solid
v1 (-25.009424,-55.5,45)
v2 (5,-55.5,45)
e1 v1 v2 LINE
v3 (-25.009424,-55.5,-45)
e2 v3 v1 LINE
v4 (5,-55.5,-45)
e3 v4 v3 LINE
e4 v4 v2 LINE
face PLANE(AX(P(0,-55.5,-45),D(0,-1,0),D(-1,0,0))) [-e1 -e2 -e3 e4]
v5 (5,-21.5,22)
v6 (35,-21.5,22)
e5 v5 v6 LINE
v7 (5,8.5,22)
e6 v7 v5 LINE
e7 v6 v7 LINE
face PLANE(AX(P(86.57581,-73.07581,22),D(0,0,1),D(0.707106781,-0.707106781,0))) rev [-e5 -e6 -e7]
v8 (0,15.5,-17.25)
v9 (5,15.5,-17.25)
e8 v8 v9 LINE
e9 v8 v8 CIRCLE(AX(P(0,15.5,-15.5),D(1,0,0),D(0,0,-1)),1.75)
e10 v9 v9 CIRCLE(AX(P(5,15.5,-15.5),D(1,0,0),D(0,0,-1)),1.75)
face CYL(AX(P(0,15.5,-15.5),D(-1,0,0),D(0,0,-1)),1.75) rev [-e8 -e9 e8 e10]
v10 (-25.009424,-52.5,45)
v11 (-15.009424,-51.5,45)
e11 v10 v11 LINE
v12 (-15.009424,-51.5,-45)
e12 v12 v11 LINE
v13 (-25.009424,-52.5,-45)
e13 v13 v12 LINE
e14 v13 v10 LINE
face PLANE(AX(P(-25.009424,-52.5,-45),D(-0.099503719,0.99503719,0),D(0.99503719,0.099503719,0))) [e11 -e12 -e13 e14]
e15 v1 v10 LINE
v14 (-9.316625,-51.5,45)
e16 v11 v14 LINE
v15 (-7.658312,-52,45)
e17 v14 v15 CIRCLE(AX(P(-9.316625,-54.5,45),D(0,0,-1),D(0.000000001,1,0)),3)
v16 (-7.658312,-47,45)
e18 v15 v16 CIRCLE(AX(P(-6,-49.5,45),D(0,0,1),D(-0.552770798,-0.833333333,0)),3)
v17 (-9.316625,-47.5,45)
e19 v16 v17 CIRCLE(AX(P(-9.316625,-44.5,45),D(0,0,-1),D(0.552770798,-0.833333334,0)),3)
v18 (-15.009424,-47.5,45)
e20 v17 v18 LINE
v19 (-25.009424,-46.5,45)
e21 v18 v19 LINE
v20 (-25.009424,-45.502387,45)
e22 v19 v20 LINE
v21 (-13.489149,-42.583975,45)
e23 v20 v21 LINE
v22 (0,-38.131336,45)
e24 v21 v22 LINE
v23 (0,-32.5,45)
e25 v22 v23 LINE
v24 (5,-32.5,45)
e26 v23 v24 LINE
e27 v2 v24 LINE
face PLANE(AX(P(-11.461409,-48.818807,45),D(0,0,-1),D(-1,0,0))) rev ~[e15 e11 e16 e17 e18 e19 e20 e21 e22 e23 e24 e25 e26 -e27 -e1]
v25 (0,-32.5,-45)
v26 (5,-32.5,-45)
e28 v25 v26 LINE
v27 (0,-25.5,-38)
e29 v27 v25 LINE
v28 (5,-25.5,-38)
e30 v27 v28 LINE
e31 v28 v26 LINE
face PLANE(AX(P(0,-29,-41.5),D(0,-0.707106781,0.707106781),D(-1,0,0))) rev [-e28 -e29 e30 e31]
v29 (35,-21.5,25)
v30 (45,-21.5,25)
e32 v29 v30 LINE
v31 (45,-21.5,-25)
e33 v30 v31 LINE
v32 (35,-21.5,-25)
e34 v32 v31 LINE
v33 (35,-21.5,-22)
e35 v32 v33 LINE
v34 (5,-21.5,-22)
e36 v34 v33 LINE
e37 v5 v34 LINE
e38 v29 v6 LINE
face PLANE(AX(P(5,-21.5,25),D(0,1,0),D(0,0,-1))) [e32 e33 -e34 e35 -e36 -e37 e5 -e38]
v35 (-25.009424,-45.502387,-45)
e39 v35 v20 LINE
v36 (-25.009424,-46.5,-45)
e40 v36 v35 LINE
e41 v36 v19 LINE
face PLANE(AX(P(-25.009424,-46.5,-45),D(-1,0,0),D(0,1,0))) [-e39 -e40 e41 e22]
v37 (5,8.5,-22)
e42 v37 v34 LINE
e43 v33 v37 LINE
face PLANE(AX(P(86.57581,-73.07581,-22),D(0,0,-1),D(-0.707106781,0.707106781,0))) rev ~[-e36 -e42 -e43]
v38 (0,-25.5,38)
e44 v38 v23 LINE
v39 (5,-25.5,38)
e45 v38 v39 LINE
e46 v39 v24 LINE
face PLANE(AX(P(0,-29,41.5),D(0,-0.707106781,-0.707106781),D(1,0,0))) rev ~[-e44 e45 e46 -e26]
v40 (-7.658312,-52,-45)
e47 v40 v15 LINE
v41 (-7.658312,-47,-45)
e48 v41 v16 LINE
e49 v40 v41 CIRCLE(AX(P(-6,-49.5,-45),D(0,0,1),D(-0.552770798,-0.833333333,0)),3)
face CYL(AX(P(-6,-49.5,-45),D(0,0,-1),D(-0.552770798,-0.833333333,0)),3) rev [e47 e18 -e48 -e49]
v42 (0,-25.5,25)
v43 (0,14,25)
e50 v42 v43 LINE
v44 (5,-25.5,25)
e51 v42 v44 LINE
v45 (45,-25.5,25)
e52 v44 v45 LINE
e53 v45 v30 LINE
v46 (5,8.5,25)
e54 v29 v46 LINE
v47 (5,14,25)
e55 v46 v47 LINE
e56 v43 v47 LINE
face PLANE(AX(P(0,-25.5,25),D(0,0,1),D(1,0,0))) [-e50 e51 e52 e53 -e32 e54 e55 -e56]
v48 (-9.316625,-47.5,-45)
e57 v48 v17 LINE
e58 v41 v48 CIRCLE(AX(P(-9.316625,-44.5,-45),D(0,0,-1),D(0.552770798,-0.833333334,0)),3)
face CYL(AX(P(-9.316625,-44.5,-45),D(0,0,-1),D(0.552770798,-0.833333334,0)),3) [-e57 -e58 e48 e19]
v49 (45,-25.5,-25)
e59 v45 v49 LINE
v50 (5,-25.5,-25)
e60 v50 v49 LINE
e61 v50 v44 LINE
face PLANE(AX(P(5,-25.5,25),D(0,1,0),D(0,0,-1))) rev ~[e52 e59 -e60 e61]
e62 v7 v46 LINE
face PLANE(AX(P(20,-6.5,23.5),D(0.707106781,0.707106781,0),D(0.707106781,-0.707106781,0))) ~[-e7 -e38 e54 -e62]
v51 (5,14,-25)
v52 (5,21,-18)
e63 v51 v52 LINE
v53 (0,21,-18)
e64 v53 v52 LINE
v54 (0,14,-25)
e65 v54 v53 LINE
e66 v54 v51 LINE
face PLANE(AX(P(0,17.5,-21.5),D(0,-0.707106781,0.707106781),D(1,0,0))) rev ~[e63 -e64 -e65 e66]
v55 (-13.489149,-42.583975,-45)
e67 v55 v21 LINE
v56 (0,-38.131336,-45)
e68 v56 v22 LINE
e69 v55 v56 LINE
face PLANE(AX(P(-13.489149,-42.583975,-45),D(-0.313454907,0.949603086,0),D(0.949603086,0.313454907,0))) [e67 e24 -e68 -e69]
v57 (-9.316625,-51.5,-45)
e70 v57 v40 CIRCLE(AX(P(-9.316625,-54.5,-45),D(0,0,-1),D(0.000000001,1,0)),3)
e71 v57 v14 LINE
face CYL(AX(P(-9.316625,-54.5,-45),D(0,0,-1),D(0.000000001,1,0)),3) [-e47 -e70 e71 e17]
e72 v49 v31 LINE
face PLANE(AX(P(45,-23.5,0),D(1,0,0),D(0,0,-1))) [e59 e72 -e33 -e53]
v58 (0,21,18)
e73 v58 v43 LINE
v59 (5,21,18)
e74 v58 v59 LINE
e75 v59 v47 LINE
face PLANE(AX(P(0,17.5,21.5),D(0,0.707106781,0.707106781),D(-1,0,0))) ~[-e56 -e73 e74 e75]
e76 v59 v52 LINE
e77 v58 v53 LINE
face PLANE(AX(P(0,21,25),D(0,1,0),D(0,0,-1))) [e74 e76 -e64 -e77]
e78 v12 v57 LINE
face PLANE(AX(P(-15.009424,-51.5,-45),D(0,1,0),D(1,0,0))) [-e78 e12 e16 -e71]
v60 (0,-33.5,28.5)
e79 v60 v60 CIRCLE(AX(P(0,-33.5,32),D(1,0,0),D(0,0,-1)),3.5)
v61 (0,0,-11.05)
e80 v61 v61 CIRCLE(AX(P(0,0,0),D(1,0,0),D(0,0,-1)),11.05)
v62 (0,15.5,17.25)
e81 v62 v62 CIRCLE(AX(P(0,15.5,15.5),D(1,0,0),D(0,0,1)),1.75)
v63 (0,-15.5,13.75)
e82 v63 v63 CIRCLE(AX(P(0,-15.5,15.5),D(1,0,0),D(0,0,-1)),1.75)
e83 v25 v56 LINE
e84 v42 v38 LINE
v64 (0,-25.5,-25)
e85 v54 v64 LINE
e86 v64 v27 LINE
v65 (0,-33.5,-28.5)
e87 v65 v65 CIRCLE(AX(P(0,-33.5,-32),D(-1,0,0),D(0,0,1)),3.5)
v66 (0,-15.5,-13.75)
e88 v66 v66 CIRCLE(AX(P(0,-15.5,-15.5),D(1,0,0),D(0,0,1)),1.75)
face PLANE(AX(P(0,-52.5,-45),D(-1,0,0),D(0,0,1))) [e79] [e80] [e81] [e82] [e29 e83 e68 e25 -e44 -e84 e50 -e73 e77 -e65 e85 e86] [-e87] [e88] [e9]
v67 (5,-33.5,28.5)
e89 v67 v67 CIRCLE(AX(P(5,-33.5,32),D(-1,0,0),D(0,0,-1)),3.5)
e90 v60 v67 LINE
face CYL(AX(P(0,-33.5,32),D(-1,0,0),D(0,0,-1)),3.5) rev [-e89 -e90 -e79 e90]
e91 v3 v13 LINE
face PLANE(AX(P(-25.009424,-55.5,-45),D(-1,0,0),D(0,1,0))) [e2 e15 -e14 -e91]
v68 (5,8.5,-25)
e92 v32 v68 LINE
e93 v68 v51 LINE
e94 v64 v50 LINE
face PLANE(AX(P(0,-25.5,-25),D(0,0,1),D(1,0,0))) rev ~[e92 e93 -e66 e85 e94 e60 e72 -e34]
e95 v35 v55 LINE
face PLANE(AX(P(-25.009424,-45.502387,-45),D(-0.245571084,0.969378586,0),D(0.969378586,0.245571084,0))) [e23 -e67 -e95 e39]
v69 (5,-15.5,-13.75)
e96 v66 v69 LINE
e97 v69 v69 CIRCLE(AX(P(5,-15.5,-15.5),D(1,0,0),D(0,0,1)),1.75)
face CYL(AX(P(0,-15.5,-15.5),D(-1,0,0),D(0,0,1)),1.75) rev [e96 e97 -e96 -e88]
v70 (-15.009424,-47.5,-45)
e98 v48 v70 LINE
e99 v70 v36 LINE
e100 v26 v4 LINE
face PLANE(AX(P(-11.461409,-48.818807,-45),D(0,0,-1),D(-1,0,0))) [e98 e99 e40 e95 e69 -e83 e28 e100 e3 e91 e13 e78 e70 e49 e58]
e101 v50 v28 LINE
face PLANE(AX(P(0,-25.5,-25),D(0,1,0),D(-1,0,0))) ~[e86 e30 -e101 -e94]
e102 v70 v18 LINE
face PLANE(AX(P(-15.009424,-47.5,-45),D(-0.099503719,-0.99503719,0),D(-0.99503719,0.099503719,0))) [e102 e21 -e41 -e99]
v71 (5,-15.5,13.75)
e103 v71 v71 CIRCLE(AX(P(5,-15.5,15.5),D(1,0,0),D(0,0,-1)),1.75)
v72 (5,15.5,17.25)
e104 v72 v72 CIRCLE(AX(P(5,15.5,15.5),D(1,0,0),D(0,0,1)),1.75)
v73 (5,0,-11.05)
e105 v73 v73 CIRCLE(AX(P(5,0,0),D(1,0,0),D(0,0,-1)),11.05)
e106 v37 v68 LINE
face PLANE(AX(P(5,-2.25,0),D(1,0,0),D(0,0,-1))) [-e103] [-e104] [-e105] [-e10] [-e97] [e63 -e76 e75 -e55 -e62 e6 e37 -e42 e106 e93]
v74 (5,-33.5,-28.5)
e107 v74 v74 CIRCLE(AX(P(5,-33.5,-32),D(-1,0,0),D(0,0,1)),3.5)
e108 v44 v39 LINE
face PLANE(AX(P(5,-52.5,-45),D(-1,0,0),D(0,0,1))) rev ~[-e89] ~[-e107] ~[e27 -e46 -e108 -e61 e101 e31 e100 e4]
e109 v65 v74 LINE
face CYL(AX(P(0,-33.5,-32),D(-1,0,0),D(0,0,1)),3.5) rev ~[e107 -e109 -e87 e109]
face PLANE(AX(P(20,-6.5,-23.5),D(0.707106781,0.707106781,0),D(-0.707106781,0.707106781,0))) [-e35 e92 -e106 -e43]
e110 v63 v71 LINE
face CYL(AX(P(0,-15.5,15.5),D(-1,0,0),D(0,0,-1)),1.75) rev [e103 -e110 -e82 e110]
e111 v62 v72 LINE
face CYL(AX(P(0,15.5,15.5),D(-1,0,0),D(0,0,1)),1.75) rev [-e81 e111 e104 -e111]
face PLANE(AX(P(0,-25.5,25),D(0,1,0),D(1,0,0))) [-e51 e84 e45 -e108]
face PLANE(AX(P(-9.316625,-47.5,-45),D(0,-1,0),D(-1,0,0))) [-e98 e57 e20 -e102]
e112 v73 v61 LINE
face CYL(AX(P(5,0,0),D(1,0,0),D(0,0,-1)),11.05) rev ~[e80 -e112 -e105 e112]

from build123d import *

# Parameters (mm, degrees)
SKETCH1_W           = 50
SKETCH1_H           = 46.5
SKETCH1_R           = 1.75
BOSS_EXTRUDE1_DEPTH = 5
SKETCH2_R           = 11.05
CUT_EXTRUDE1_DEPTH  = 5
SKETCH3_W           = 50
SKETCH3_H           = 4
BOSS_EXTRUDE2_DEPTH = 40
RIB1_REACH          = 73.939
SKETCH4_WALL_W      = 188.304827768
SKETCH4_WALL_H      = 3
SKETCH5_W           = 5
SKETCH5_H           = 50
BOSS_EXTRUDE3_DEPTH = 27
SKETCH8_W           = 5
SKETCH8_H           = 27
BOSS_EXTRUDE5_DEPTH = 20
SKETCH9_W           = 5
SKETCH9_H           = 90
BOSS_EXTRUDE6_DEPTH = 3
BOSS_EXTRUDE7_DEPTH = 90
SKETCH12_R          = 3.5
CUT_EXTRUDE2_DEPTH  = 85.44080767
CHAMFER1_SIZE       = 7
CHAMFER2_SIZE       = 7


with BuildPart() as part:
    # Sketch1 → Boss-Extrude1 (new body)
    with BuildSketch(Plane(origin=(0, 0, 0), x_dir=(0, 0, -1), z_dir=(1, 0, 0))):
        with Locations((0, -2.25)):
            Rectangle(SKETCH1_W, SKETCH1_H)
        with Locations((15.5, 15.5)):
            Circle(SKETCH1_R, mode=Mode.SUBTRACT)
        with Locations(Location((15.5, -15.5, 0), (0, 0, 180))):
            Circle(SKETCH1_R, mode=Mode.SUBTRACT)
        with Locations((-15.5, -15.5)):
            Circle(SKETCH1_R, mode=Mode.SUBTRACT)
        with Locations(Location((-15.5, 15.5, 0), (0, 0, 180))):
            Circle(SKETCH1_R, mode=Mode.SUBTRACT)
    extrude(amount=BOSS_EXTRUDE1_DEPTH)

    # Sketch2 → Cut-Extrude1 (cut)
    with BuildSketch(Plane(origin=(5, 0, 0), x_dir=(0, 0, -1), z_dir=(1, 0, 0))):
        Circle(SKETCH2_R)
    extrude(amount=-CUT_EXTRUDE1_DEPTH, mode=Mode.SUBTRACT)

    # Sketch3 → Boss-Extrude2 (add)
    with BuildSketch(Plane(origin=(5, 0, 0), x_dir=(0, 0, -1), z_dir=(1, 0, 0))):
        with Locations((0, -23.5)):
            Rectangle(SKETCH3_W, SKETCH3_H)
    extrude(amount=BOSS_EXTRUDE2_DEPTH)

    # Sketch4 wall → Rib1 (add, up to next)
    with BuildSketch(Plane(origin=(20, -6.5, -25), x_dir=(-0.707106781187, 0.707106781187, 0), z_dir=(0.707106781187, 0.707106781187, 0)), mode=Mode.PRIVATE) as rib1_sk1:
        with Locations((0, 1.5)):
            Rectangle(SKETCH4_WALL_W, SKETCH4_WALL_H)
    rib1_tool1 = extrude(rib1_sk1.sketch, amount=-RIB1_REACH, mode=Mode.PRIVATE) - part.part
    rib1 = rib1_tool1.solids().sort_by_distance((20, -6.5, -25))[0]
    add(rib1)

    # Mirror1: Rib1 across plane
    add(rib1.mirror(Plane.XY))

    # Sketch5 → Boss-Extrude3 (add)
    with BuildSketch(Plane.XZ.offset(25.5)):
        with Locations((2.5, 0)):
            Rectangle(SKETCH5_W, SKETCH5_H)
    extrude(amount=BOSS_EXTRUDE3_DEPTH)

    # Sketch8 → Boss-Extrude5 (add)
    with BuildSketch(Plane.XY.offset(25)):
        with Locations((2.5, -39)):
            Rectangle(SKETCH8_W, SKETCH8_H)
    boss_extrude5 = extrude(amount=BOSS_EXTRUDE5_DEPTH)

    # Mirror2: Boss-Extrude5 across plane
    add(boss_extrude5.mirror(Plane.XY))

    # Sketch9 → Boss-Extrude6 (add)
    with BuildSketch(Plane.XZ.offset(52.5)):
        with Locations((2.5, 0)):
            Rectangle(SKETCH9_W, SKETCH9_H)
    extrude(amount=BOSS_EXTRUDE6_DEPTH)

    # Sketch10 → Boss-Extrude7 (add)
    with BuildSketch(Plane(origin=(0, 0, -45), x_dir=(-1, 0, 0), z_dir=(0, 0, -1))):
        with BuildLine():
            Line((25.009423753, -46.5), (25.009423753, -45.502387304))
            Line((25.009423753, -45.502387304), (13.489148599, -42.583974938))
            Line((13.489148599, -42.583974938), (0, -38.131335857))
            Line((0, -38.131335857), (0, -45.5))
            Line((0, -45.5), (0, -55.5))
            Line((0, -55.5), (25.009423753, -55.5))
            Line((25.009423753, -55.5), (25.009423753, -52.5))
            Line((25.009423753, -52.5), (15.009423753, -51.5))
            Line((15.009423753, -51.5), (9.31662479, -51.5))
            ThreePointArc((9.31662479, -51.5), (8.450599387, -51.627718677), (7.658312395, -52))
            ThreePointArc((7.658312395, -52), (3, -49.5), (7.658312395, -47))
            ThreePointArc((7.658312395, -47), (8.450599387, -47.372281323), (9.31662479, -47.5))
            Line((9.31662479, -47.5), (15.009423753, -47.5))
            Line((15.009423753, -47.5), (25.009423753, -46.5))
        make_face()
    extrude(amount=-BOSS_EXTRUDE7_DEPTH)

    # Sketch12 → Cut-Extrude2 (cut, through all)
    with BuildSketch(Plane.ZY):
        with Locations((-32, -33.5)):
            Circle(SKETCH12_R)
    cut_extrude2 = extrude(amount=-CUT_EXTRUDE2_DEPTH, mode=Mode.SUBTRACT)

    # Mirror3: Cut-Extrude2 across plane
    add(cut_extrude2.mirror(Plane.XY), mode=Mode.SUBTRACT)

    # Chamfer1
    chamfer1_edges = [part.edges().sort_by_distance(p)[0] for p in [
        (2.5, 21, -25),
    ]]
    chamfer(chamfer1_edges, length=CHAMFER1_SIZE)

    # Chamfer2
    chamfer2_edges = [part.edges().sort_by_distance(p)[0] for p in [
        (2.5, -25.5, 45),
        (2.5, -25.5, -45),
        (2.5, 21, 25),
    ]]
    chamfer(chamfer2_edges, length=CHAMFER2_SIZE)


solid = part.part
